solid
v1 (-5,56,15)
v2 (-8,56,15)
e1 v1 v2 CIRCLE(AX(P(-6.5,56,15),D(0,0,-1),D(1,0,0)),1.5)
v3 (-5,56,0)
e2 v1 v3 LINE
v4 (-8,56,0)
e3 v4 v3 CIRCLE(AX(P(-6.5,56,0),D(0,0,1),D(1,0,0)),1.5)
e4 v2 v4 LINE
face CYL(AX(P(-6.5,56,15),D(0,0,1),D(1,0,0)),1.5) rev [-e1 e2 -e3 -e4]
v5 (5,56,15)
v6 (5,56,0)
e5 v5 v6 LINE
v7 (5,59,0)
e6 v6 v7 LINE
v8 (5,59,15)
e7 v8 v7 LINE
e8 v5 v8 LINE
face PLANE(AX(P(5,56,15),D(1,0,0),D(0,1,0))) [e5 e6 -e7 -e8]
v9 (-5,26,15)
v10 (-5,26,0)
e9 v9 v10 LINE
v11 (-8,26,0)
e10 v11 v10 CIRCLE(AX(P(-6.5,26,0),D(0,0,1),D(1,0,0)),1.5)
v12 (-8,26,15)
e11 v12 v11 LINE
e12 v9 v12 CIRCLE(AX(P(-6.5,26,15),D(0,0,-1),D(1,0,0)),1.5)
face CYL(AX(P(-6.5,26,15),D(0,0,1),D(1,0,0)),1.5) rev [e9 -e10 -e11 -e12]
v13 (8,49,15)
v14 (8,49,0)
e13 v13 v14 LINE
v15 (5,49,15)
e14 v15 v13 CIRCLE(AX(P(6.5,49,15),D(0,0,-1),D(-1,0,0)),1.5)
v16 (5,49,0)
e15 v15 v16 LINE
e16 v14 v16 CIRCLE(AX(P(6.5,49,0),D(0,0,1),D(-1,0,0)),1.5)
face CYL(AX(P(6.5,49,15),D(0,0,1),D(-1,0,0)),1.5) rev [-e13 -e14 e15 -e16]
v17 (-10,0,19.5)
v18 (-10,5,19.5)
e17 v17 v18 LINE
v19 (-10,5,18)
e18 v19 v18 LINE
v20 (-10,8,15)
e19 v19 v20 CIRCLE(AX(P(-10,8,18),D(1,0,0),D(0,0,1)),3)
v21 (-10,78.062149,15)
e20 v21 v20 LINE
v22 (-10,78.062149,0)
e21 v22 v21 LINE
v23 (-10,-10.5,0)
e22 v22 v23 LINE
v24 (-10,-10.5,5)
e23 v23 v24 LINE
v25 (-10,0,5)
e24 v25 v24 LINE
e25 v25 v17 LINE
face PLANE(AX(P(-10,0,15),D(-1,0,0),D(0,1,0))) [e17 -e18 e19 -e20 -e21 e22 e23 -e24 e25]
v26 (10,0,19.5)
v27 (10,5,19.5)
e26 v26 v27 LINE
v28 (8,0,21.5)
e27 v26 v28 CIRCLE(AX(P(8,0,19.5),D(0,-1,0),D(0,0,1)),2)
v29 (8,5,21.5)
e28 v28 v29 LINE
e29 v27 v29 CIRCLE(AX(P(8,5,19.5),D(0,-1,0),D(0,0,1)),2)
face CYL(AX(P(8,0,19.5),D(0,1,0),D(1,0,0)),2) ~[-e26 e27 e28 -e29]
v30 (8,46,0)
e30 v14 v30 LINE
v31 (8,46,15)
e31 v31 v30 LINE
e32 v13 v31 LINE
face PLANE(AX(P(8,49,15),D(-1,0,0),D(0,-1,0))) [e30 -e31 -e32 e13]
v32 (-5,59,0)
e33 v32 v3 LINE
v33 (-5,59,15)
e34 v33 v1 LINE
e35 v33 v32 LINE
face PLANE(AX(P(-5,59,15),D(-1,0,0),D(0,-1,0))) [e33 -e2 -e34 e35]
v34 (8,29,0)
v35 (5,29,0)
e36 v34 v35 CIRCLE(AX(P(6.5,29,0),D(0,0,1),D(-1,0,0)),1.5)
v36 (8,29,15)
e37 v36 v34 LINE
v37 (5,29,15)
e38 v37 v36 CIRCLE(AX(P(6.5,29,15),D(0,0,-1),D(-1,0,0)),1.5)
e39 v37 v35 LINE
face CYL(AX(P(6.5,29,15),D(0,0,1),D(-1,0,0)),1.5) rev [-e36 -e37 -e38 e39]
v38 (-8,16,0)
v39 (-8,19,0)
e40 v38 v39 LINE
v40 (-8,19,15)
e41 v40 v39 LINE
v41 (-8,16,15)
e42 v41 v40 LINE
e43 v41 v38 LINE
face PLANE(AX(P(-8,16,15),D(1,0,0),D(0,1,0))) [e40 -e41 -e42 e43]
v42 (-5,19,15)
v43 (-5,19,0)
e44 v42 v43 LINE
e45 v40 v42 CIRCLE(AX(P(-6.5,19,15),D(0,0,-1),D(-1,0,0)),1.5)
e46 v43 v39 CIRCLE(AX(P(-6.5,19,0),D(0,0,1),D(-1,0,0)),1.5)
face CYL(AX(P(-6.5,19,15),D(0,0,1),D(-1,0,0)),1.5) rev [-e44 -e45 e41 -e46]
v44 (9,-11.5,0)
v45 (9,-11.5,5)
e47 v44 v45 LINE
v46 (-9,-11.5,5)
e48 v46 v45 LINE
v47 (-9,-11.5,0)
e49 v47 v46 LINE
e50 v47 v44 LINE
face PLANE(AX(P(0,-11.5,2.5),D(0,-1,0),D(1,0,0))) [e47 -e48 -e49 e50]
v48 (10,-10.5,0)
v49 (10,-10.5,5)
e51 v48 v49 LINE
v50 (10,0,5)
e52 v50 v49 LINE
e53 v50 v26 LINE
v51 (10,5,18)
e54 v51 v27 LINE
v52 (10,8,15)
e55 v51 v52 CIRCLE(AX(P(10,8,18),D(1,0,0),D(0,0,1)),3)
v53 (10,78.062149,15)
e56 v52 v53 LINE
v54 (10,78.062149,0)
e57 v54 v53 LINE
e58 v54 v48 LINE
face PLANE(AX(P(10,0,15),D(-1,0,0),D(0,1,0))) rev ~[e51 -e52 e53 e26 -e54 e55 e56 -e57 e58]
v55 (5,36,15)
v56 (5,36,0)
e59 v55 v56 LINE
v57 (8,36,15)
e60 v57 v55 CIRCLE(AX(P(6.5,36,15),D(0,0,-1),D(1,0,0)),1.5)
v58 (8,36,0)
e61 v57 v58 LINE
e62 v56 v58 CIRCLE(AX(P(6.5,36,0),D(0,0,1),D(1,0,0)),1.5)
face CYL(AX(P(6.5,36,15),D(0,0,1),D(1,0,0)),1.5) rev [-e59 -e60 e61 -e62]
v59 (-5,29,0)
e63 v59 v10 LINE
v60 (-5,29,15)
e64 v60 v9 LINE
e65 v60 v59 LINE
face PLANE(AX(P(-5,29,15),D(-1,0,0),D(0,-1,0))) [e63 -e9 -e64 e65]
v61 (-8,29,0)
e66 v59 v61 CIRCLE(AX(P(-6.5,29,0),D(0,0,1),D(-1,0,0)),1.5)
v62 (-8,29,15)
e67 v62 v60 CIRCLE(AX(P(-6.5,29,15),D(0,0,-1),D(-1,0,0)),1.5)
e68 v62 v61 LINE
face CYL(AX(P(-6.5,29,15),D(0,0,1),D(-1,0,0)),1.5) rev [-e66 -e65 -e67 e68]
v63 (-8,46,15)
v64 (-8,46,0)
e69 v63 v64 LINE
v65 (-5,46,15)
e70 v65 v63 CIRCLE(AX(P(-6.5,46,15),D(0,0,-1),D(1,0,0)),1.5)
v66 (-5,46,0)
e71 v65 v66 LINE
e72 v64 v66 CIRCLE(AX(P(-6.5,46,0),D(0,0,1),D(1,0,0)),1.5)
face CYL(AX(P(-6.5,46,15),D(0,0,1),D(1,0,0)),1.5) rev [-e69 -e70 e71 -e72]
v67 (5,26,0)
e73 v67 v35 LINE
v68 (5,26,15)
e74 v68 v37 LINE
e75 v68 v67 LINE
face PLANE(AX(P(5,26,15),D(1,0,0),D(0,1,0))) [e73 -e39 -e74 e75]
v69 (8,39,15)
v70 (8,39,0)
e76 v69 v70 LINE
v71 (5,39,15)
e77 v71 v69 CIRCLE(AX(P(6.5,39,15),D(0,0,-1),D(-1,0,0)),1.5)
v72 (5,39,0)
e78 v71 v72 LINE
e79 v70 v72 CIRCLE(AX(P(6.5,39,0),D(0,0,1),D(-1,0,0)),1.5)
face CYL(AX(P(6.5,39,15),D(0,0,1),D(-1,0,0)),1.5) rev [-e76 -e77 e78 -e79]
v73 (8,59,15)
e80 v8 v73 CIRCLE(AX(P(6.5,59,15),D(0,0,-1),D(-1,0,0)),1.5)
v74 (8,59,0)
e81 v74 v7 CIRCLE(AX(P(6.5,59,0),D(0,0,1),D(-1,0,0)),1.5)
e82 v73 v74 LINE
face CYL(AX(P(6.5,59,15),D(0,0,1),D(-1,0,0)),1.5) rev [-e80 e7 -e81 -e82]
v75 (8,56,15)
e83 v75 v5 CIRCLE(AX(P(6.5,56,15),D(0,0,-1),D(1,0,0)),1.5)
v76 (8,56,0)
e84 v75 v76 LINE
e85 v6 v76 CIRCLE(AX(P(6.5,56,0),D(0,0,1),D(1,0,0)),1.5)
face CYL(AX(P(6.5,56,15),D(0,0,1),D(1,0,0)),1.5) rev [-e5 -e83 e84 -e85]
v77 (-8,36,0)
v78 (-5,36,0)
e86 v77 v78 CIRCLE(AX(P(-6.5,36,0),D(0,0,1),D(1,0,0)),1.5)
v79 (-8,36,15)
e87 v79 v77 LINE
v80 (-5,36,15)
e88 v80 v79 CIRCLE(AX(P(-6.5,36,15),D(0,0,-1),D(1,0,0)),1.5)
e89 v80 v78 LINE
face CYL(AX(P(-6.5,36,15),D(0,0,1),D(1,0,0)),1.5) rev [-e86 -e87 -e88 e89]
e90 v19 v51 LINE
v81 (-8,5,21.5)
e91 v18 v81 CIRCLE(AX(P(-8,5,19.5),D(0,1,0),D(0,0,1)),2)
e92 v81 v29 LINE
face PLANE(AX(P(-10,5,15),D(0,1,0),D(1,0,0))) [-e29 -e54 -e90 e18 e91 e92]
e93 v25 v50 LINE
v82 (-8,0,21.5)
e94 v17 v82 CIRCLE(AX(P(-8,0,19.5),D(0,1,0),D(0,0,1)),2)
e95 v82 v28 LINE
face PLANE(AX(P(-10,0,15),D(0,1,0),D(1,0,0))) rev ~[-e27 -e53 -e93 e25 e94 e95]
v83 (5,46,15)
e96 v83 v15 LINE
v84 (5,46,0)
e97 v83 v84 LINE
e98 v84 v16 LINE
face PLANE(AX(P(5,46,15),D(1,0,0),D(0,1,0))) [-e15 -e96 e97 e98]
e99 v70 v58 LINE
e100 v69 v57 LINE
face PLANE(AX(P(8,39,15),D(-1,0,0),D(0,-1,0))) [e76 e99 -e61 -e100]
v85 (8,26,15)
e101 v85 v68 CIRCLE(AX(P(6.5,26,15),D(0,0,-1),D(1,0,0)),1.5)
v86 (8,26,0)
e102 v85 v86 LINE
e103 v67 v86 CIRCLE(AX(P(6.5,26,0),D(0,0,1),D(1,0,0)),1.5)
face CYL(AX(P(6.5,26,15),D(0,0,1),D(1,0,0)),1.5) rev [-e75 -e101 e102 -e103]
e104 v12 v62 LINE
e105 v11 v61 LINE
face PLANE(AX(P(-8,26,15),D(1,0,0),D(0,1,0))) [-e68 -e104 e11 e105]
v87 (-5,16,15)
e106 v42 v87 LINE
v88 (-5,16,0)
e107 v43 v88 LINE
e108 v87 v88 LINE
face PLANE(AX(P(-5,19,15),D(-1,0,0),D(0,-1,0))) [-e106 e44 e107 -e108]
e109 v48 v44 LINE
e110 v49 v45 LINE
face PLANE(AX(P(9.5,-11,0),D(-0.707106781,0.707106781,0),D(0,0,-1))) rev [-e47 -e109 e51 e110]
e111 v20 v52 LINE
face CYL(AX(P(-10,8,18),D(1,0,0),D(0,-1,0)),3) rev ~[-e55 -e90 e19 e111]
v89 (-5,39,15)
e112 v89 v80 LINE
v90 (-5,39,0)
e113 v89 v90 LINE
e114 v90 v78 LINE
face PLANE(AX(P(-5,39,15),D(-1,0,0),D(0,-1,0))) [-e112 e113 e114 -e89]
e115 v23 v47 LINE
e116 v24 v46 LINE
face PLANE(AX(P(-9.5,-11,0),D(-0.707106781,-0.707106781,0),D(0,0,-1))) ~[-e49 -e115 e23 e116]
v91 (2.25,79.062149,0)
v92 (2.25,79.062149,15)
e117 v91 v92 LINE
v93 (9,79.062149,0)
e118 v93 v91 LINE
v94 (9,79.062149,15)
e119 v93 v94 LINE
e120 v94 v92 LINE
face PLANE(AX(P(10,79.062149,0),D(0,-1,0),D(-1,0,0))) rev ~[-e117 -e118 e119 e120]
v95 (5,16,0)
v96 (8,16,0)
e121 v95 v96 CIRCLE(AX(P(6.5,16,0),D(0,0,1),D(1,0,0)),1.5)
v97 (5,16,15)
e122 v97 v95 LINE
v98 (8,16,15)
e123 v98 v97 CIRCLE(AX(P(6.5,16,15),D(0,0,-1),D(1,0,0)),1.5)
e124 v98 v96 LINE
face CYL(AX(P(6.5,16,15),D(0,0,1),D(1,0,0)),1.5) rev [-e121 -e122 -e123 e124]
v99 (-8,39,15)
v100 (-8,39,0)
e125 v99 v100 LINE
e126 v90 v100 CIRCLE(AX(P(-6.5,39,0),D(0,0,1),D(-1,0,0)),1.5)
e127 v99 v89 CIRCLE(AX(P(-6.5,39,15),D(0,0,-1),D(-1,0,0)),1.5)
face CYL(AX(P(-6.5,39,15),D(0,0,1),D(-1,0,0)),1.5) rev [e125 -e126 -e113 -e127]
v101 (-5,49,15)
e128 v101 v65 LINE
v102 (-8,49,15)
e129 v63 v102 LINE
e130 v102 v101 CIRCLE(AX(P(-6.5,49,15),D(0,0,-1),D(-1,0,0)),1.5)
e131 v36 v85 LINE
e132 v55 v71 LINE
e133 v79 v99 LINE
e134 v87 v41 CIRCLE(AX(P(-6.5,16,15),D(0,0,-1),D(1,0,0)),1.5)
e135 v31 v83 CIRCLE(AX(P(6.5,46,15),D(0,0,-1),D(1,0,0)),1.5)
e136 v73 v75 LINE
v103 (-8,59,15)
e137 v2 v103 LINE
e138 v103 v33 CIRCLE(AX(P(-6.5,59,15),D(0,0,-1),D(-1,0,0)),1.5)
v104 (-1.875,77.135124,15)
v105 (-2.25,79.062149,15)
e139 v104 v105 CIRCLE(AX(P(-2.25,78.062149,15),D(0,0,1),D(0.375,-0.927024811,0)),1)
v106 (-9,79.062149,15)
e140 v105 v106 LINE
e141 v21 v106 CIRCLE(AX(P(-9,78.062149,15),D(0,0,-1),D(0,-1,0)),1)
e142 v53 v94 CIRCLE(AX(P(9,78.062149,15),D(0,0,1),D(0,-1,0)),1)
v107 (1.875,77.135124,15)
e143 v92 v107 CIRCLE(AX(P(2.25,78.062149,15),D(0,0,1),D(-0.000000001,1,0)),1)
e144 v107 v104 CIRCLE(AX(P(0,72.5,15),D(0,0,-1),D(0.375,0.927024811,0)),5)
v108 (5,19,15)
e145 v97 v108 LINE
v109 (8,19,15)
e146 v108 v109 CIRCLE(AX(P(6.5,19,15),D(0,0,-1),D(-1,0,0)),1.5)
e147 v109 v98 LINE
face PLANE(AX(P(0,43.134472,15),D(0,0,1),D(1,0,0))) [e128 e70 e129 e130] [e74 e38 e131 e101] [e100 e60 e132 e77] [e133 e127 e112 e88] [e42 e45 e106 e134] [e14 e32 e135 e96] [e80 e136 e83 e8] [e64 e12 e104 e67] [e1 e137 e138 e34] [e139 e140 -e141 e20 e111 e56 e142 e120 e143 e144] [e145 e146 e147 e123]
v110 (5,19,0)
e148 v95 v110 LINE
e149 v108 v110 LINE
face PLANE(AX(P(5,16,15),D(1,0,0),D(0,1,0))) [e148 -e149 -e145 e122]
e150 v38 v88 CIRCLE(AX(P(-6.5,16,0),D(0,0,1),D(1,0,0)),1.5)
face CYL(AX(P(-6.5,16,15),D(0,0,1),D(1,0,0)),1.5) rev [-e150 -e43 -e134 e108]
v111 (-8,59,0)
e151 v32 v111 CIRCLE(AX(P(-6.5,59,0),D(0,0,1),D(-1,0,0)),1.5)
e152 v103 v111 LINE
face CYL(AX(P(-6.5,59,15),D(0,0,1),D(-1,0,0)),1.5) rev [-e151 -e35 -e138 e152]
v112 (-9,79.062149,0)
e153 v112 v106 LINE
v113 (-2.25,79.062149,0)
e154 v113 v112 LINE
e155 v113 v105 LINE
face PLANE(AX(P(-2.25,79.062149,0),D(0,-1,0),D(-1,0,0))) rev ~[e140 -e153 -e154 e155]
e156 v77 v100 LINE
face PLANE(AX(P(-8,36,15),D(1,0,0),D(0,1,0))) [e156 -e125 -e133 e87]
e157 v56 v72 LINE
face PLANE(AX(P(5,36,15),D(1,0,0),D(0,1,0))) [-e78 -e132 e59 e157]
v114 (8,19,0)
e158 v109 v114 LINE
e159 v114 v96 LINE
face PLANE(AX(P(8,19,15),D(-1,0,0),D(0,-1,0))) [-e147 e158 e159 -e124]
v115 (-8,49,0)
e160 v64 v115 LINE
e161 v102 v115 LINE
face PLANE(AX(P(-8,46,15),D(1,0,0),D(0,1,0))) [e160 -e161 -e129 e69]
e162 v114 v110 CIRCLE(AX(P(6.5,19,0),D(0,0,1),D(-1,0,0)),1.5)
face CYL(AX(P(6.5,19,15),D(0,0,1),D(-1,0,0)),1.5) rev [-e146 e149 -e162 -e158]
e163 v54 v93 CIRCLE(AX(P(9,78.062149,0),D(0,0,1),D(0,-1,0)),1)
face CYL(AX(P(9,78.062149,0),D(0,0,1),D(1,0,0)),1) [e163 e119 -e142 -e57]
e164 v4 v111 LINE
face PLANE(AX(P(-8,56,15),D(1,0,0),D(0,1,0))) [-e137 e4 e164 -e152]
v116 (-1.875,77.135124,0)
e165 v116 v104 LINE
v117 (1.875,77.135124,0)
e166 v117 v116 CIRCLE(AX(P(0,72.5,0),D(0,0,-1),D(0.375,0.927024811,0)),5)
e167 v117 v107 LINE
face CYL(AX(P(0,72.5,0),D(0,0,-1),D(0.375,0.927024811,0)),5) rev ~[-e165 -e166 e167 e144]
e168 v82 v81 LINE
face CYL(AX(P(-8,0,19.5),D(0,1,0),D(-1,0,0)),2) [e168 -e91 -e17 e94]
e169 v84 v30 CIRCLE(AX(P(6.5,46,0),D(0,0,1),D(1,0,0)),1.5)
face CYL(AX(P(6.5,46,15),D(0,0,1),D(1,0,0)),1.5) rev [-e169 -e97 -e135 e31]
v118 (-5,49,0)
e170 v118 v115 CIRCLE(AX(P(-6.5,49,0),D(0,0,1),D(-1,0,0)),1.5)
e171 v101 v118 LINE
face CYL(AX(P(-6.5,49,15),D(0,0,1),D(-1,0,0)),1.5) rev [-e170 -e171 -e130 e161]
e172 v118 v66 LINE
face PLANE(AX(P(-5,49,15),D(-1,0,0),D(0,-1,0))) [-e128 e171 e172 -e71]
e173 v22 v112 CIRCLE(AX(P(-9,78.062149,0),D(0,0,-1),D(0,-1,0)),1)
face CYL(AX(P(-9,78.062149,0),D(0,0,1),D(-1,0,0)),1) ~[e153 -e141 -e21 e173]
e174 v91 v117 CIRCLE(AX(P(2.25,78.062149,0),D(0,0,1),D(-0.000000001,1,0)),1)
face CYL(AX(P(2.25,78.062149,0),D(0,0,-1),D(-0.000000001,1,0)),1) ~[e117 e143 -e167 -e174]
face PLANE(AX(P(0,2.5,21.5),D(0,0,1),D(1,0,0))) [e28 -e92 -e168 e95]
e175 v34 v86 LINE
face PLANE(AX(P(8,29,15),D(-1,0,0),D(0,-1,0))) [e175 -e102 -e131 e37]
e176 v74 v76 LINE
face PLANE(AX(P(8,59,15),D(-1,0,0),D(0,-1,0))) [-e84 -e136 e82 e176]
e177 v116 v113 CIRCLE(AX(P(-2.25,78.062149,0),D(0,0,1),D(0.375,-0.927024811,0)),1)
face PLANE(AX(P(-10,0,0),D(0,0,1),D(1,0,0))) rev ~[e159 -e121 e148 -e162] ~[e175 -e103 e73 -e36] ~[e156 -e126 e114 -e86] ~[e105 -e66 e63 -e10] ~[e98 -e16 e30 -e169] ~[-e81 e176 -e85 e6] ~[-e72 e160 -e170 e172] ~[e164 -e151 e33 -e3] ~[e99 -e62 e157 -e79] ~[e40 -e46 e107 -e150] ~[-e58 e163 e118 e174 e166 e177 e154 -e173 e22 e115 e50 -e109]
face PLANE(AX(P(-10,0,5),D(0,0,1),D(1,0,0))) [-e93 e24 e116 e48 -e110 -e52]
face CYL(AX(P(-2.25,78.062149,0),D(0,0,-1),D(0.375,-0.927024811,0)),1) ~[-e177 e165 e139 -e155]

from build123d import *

# Parameters (mm, degrees)
P_IDAT_VYSUNUT_M1_DEPTH  = 15
ODEBRAT_VYSUNUT_M1_DEPTH = 82.091450741
LINPOLE1_COUNT           = 5
LINPOLE1_PITCH           = 10
SKICA3_W                 = 20
SKICA3_H                 = 5
P_IDAT_VYSUNUT_M2_DEPTH  = 11.5
ZKOSEN_1_SIZE            = 1
ZAOBLIT1_R               = 1
SKICA4_W                 = 20
SKICA4_H                 = 5
P_IDAT_VYSUNUT_M3_DEPTH  = 6.5
ZAOBLIT2_R               = 2
ZAOBLIT3_R               = 3


with BuildPart() as part:
    # Skica1 → Přidat vysunutím1 (new body)
    with BuildSketch(Plane.XY):
        with BuildLine():
            Line((-2.25, 79.062148865), (-10, 79.062148865))
            Line((-10, 79.062148865), (-10, 0))
            Line((-10, 0), (10, 0))
            Line((10, 0), (10, 79.062148865))
            Line((10, 79.062148865), (2.25, 79.062148865))
            ThreePointArc((2.25, 79.062148865), (1.268413323, 78.253166128), (1.875, 77.135124054))
            ThreePointArc((1.875, 77.135124054), (0, 67.5), (-1.875, 77.135124054))
            ThreePointArc((-1.875, 77.135124054), (-1.268413323, 78.253166128), (-2.25, 79.062148865))
        make_face()
    extrude(amount=P_IDAT_VYSUNUT_M1_DEPTH)

    # Skica2 → Odebrat vysunutím1 (cut, through all)
    with BuildSketch(Plane.XY.offset(15)):
        with BuildLine():
            Line((-8, 56), (-8, 59))
            ThreePointArc((-8, 59), (-6.5, 60.5), (-5, 59))
            Line((-5, 59), (-5, 56))
            ThreePointArc((-5, 56), (-6.5, 54.5), (-8, 56))
        make_face()
        with BuildLine():
            Line((5, 56), (5, 59))
            ThreePointArc((5, 59), (6.5, 60.5), (8, 59))
            Line((8, 59), (8, 56))
            ThreePointArc((8, 56), (6.5, 54.5), (5, 56))
        make_face()
    odebrat_vysunut_m1 = extrude(amount=-ODEBRAT_VYSUNUT_M1_DEPTH, mode=Mode.SUBTRACT)

    # LinPole1: Odebrat vysunutím1 ×5
    with Locations(*[(0, -i * LINPOLE1_PITCH, 0) for i in range(1, LINPOLE1_COUNT)]):
        add(odebrat_vysunut_m1, mode=Mode.SUBTRACT)

    # Skica3 → Přidat vysunutím2 (add)
    with BuildSketch(Plane.XZ):
        with Locations((0, 2.5)):
            Rectangle(SKICA3_W, SKICA3_H)
    extrude(amount=P_IDAT_VYSUNUT_M2_DEPTH)

    # Zkosení1
    zkosen_1_edges = [part.edges().sort_by_distance(p)[0] for p in [
        (-10, -11.5, 2.5),
        (10, -11.5, 2.5),
    ]]
    chamfer(zkosen_1_edges, length=ZKOSEN_1_SIZE)

    # Zaoblit1
    zaoblit1_edges = [part.edges().sort_by_distance(p)[0] for p in [
        (10, 79.062148865, 7.5),
        (-10, 79.062148865, 7.5),
    ]]
    fillet(zaoblit1_edges, radius=ZAOBLIT1_R)

    # Skica4 → Přidat vysunutím3 (add)
    with BuildSketch(Plane.XY.offset(15)):
        with Locations((0, 2.5)):
            Rectangle(SKICA4_W, SKICA4_H)
    extrude(amount=P_IDAT_VYSUNUT_M3_DEPTH)

    # Zaoblit2
    zaoblit2_edges = [part.edges().sort_by_distance(p)[0] for p in [
        (-10, 2.5, 21.5),
        (10, 2.5, 21.5),
    ]]
    fillet(zaoblit2_edges, radius=ZAOBLIT2_R)

    # Zaoblit3
    zaoblit3_edges = [part.edges().sort_by_distance(p)[0] for p in [
        (0, 5, 15),
    ]]
    fillet(zaoblit3_edges, radius=ZAOBLIT3_R)


solid = part.part
